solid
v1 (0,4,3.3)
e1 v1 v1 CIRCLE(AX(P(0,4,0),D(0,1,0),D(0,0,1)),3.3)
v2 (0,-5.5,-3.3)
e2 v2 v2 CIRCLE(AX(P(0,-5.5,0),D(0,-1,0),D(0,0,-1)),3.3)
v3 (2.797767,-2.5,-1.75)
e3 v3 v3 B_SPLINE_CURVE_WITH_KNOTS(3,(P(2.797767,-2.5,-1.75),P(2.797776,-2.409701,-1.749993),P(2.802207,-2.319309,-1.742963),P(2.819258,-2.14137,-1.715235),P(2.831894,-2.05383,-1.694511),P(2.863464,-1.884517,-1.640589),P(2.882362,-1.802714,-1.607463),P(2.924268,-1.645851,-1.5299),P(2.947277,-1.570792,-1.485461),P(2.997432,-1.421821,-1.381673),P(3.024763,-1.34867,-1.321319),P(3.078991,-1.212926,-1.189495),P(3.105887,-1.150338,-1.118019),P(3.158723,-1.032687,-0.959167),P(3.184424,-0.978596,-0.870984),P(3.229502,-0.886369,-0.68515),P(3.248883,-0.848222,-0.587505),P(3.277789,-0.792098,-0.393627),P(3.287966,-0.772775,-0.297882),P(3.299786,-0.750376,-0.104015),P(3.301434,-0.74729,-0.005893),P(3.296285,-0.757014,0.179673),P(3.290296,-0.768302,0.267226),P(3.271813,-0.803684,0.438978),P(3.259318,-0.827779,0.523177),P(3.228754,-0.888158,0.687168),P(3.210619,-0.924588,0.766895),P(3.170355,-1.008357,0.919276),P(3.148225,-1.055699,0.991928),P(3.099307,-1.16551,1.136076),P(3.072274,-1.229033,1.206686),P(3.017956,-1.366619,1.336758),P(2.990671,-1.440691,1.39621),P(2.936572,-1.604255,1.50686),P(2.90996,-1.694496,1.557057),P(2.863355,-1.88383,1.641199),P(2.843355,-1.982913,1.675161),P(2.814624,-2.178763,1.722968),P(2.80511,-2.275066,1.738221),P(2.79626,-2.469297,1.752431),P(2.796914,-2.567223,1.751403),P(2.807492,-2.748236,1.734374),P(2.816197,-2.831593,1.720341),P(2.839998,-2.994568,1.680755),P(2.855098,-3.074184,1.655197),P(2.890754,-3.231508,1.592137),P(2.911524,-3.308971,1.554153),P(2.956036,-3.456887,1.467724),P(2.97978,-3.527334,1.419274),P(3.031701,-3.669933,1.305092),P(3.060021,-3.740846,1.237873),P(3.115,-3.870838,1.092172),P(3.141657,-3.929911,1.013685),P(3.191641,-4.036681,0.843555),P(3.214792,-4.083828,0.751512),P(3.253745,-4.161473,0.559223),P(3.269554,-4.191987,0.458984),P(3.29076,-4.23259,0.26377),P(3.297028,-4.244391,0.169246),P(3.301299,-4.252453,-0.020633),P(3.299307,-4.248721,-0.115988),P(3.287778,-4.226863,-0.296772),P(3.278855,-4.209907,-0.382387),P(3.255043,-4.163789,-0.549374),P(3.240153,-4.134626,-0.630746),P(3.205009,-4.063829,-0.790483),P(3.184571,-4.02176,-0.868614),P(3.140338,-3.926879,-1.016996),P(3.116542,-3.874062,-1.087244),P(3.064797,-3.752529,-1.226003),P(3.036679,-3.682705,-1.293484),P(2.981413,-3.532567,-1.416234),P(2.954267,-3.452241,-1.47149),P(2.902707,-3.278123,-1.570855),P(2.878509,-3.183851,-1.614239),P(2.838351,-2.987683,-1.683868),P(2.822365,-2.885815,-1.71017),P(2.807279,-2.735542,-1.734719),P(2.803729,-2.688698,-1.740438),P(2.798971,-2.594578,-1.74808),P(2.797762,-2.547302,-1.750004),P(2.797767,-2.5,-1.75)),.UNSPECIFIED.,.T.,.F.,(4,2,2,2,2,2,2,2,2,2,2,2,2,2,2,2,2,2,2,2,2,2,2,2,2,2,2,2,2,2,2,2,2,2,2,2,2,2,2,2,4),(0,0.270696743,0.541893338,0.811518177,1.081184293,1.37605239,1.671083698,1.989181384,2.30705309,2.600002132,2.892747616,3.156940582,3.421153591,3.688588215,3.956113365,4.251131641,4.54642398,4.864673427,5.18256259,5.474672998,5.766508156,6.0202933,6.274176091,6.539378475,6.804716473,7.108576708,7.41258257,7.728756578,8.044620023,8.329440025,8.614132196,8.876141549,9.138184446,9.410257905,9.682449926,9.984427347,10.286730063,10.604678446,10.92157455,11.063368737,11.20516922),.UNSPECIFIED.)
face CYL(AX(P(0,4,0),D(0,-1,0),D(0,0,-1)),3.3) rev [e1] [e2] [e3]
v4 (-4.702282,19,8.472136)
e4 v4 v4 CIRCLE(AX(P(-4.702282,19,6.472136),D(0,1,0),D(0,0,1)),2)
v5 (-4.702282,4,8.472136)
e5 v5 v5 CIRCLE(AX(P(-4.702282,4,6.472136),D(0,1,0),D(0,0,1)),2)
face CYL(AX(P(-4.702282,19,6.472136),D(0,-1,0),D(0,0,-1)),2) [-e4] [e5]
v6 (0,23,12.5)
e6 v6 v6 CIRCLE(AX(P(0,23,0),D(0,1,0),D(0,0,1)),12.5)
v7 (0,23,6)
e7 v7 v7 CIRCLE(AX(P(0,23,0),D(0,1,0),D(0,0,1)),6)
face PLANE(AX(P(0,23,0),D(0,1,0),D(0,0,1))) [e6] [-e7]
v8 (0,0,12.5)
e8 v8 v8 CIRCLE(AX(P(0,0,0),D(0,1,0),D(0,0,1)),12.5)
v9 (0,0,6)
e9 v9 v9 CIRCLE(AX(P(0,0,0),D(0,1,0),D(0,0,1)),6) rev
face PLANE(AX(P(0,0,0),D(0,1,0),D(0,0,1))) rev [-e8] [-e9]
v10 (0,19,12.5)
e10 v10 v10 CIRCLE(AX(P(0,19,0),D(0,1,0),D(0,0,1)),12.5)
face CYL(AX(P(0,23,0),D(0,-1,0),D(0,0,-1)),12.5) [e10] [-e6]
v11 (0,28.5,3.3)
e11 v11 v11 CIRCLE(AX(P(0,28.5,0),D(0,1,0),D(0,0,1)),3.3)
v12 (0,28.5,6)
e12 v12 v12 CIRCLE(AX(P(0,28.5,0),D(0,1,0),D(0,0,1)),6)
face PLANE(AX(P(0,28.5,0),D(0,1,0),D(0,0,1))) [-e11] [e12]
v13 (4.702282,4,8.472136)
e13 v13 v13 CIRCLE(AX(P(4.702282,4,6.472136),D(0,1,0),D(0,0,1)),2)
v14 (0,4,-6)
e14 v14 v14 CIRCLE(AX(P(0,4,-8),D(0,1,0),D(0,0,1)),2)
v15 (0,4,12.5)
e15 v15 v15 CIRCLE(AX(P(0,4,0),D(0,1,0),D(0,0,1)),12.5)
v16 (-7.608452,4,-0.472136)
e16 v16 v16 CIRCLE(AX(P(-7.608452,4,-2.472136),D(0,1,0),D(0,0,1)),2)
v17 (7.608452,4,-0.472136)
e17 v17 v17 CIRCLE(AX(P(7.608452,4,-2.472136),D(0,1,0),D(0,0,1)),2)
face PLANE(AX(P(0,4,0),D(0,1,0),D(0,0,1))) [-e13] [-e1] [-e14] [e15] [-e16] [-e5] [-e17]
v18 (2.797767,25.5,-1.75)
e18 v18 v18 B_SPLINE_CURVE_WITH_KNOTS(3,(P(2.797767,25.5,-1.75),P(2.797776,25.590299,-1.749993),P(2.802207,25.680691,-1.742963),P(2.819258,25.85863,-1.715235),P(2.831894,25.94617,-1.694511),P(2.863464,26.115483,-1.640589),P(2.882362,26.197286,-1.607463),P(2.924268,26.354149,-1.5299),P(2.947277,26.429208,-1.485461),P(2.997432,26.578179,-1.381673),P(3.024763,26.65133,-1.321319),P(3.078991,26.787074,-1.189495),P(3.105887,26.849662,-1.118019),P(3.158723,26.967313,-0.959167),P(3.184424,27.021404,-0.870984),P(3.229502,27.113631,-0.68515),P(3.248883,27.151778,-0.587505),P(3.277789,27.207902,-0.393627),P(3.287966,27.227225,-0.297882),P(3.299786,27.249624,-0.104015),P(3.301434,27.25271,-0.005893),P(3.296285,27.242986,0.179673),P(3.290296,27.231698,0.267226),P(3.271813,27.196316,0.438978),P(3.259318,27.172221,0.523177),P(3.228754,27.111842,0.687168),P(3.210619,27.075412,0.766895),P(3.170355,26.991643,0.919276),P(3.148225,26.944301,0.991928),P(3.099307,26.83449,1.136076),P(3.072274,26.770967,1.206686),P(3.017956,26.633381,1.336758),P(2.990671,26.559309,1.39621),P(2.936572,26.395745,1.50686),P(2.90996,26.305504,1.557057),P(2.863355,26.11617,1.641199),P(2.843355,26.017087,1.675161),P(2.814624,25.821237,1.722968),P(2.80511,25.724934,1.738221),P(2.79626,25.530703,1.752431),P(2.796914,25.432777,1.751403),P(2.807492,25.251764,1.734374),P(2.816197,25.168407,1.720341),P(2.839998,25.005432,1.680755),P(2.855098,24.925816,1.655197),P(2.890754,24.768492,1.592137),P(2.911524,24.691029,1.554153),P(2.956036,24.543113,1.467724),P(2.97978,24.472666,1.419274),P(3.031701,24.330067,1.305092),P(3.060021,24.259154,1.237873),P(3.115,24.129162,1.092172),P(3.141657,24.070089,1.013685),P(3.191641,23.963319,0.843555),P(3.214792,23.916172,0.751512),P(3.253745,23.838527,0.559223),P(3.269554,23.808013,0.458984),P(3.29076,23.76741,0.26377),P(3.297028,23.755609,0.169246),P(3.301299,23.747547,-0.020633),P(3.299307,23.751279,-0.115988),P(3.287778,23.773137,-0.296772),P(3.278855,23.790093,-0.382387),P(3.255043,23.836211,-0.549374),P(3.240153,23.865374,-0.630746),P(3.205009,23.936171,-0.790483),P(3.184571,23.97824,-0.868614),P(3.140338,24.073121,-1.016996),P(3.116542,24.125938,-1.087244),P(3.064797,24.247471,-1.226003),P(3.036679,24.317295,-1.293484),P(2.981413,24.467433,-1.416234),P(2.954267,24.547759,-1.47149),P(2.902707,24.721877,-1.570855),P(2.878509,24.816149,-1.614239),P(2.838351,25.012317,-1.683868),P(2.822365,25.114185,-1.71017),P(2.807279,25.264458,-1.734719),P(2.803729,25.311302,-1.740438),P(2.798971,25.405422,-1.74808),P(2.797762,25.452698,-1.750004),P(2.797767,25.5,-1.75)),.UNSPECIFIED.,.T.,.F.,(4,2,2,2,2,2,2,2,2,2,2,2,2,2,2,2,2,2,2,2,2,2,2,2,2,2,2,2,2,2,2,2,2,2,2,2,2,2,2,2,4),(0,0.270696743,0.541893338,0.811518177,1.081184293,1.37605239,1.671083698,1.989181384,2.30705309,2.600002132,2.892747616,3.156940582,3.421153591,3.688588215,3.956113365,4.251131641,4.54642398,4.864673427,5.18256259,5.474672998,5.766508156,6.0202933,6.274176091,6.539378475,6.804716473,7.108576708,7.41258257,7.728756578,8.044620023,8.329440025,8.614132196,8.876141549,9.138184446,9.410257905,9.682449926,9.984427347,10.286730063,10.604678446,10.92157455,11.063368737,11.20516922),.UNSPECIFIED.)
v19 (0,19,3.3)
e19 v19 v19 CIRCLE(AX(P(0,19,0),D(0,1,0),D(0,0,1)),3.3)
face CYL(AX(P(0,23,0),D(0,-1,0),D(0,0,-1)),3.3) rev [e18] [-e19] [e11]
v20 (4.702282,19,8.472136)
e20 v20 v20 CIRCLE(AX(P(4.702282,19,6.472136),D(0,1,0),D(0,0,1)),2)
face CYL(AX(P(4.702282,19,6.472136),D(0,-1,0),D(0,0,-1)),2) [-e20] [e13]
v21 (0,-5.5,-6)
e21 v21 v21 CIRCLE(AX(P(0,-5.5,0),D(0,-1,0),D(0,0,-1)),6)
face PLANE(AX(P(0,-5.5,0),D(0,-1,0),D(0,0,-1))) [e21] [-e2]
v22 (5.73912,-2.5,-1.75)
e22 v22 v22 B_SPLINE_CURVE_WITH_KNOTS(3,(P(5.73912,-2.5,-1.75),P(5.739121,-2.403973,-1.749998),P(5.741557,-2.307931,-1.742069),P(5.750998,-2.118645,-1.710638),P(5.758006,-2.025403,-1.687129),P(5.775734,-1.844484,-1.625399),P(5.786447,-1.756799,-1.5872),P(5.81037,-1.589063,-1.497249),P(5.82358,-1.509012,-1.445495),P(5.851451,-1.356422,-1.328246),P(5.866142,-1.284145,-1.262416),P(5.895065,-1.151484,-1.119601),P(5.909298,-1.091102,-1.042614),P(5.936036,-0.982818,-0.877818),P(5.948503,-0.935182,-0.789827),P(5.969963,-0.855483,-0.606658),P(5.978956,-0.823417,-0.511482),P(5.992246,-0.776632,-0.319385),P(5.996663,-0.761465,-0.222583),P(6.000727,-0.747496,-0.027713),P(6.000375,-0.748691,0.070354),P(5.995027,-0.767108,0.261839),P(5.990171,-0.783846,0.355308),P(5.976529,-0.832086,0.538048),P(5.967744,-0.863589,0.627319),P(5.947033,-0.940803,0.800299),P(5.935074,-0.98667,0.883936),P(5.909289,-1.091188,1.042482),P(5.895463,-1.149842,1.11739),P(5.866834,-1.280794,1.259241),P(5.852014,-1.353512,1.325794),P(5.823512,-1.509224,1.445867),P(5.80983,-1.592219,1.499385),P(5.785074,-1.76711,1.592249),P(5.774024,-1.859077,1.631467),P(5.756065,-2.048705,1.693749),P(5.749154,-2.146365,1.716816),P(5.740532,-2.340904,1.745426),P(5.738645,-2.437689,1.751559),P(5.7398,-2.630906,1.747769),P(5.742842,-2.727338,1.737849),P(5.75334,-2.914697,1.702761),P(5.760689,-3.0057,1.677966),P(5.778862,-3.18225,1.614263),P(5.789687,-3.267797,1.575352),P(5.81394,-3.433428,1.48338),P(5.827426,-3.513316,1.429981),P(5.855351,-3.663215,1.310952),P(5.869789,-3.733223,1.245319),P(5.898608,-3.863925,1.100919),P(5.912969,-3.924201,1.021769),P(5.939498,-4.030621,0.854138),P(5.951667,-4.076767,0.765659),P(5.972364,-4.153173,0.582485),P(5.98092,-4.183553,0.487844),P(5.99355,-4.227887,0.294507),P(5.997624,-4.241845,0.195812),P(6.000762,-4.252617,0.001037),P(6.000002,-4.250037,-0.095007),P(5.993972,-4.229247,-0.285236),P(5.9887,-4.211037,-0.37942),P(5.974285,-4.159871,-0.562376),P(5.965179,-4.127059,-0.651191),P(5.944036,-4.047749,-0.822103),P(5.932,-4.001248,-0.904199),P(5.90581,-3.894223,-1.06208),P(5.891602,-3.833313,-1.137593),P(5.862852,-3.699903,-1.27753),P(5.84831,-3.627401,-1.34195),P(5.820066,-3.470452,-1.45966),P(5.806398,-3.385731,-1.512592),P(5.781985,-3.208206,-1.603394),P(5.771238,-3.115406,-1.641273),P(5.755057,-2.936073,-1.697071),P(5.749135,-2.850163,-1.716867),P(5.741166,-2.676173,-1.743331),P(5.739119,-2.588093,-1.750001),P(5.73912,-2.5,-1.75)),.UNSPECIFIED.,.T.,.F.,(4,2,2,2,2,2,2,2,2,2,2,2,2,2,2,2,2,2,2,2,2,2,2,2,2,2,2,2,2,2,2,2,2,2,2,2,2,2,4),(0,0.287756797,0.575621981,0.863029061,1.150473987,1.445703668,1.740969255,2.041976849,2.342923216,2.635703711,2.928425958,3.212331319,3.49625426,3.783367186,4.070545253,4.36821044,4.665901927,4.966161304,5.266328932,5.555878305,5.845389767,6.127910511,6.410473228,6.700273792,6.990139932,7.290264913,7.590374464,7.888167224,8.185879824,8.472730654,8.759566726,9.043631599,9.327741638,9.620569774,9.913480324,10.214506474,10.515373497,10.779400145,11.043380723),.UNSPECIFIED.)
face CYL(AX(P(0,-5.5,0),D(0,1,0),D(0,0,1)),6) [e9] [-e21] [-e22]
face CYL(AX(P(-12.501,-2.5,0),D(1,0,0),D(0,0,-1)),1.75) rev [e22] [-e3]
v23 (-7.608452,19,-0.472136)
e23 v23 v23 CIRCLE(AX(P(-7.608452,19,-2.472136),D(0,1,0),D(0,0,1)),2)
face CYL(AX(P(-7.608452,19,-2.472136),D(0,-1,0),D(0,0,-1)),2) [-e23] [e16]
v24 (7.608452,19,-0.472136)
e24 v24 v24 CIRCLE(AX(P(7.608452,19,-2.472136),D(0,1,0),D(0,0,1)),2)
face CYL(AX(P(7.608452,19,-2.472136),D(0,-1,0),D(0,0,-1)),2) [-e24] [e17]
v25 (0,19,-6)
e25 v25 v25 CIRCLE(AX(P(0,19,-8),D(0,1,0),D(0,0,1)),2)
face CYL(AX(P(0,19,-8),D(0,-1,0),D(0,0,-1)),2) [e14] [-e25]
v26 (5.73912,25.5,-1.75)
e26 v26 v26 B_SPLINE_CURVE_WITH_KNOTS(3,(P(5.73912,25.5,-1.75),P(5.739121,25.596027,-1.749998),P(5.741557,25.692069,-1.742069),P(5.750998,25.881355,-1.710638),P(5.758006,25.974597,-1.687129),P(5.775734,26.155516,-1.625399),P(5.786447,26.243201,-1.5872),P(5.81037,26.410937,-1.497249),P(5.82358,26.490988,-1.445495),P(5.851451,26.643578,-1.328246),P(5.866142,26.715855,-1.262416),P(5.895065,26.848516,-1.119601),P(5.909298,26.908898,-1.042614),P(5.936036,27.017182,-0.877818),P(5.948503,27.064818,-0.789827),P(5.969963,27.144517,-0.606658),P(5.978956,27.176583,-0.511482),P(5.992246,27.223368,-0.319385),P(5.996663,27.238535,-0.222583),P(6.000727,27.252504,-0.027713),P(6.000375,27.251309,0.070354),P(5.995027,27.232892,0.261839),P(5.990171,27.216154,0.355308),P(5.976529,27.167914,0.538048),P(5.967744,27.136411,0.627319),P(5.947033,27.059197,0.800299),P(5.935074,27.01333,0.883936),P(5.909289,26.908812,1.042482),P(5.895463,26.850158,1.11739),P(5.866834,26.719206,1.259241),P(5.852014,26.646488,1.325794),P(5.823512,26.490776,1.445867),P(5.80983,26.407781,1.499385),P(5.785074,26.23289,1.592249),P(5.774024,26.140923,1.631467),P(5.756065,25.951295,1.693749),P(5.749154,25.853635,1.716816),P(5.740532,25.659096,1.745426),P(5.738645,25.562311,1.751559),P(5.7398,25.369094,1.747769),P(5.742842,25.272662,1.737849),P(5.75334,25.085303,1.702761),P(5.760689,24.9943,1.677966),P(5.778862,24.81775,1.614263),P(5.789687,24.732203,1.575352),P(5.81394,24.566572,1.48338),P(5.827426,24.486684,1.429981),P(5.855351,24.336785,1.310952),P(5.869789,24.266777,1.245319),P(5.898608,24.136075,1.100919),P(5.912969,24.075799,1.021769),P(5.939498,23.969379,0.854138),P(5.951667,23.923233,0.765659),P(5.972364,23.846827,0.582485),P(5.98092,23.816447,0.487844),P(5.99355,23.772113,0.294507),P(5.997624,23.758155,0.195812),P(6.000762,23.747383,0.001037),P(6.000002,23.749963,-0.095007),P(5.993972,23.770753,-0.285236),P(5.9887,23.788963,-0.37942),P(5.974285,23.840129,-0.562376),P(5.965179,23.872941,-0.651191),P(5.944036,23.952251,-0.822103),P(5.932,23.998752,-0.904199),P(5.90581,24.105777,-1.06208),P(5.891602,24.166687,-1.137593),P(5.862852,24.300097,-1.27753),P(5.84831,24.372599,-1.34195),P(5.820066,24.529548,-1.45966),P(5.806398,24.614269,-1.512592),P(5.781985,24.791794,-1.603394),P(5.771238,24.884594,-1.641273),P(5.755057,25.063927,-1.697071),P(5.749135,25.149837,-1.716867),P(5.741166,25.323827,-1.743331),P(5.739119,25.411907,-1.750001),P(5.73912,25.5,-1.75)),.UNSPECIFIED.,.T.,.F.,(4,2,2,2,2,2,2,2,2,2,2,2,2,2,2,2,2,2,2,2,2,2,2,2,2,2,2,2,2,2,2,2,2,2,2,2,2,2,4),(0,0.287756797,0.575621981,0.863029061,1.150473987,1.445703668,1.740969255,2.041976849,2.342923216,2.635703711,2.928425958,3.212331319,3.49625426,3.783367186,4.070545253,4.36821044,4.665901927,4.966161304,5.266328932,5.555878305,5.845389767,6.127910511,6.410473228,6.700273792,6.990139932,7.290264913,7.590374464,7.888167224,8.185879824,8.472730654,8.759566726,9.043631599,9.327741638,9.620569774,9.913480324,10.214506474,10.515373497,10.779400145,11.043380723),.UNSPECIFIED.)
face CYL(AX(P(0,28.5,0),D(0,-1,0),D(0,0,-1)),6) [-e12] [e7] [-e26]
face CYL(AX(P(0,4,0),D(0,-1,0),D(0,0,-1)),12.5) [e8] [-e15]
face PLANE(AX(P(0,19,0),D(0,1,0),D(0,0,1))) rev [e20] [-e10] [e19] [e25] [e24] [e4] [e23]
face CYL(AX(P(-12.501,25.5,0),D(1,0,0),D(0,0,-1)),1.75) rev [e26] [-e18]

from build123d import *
from build123d.topology import SkipClean

# Parameters (mm, degrees)
SKETCH1_R               = 12.5
SKETCH1_R_2             = 3.3
BOSS_EXTRUDE1_DEPTH     = 4
BOSS_EXTRUDE7_START     = 5.5
SKETCH8_R               = 6
SKETCH8_R_2             = 3.3
BOSS_EXTRUDE7_DEPTH     = 5.5
SKETCH9_R               = 2
BOSS_EXTRUDE8_DEPTH     = 15
SKETCH10_R              = 12.5
SKETCH10_R_2            = 3.3
BOSS_EXTRUDE9_DEPTH     = 4
SKETCH11_R              = 6
SKETCH11_R_2            = 3.3
BOSS_EXTRUDE10_DEPTH    = 5.5
CUT_EXTRUDE3_REACH      = 38.204
CUT_EXTRUDE3_END_RADIUS = 3.3
SKETCH12_R              = 1.75
CUT_EXTRUDE4_REACH      = 38.204
CUT_EXTRUDE4_END_RADIUS = 3.3
SKETCH13_R              = 1.75


with BuildPart() as part:
    # Sketch1 → Boss-Extrude1 (new body)
    with BuildSketch(Plane(origin=(0, 0, 0), x_dir=(1, 0, 0), z_dir=(0, 1, 0))):
        with Locations(Location((0, 0, 0), (0, 0, 270))):
            Circle(SKETCH1_R)
        with Locations(Location((0, 0, 0), (0, 0, 270))):
            Circle(SKETCH1_R_2, mode=Mode.SUBTRACT)
    extrude(amount=BOSS_EXTRUDE1_DEPTH)

    # Sketch8 → Boss-Extrude7 (add)
    with SkipClean():  # the faces are left unmerged after this step: merging them gives an invalid solid
        with BuildSketch(Plane.XZ.offset(BOSS_EXTRUDE7_START)):
            with Locations(Location((0, 0, 0), (0, 0, 90))):
                Circle(SKETCH8_R)
            with Locations(Location((0, 0, 0), (0, 0, 270))):
                Circle(SKETCH8_R_2, mode=Mode.SUBTRACT)
        extrude(amount=-BOSS_EXTRUDE7_DEPTH)

    # Sketch9 → Boss-Extrude8 (add)
    with SkipClean():  # the faces are left unmerged after this step: merging them gives an invalid solid
        with BuildSketch(Plane(origin=(0, 4, 0), x_dir=(1, 0, 0), z_dir=(0, 1, 0))):
            with Locations(Location((0, 8, 0), (0, 0, 270))):
                Circle(SKETCH9_R)
            with Locations(Location((7.60845213, 2.472135955, 0), (0, 0, 270))):
                Circle(SKETCH9_R)
            with Locations(Location((4.702282018, -6.472135955, 0), (0, 0, 270))):
                Circle(SKETCH9_R)
            with Locations(Location((-4.702282018, -6.472135955, 0), (0, 0, 270))):
                Circle(SKETCH9_R)
            with Locations(Location((-7.60845213, 2.472135955, 0), (0, 0, 270))):
                Circle(SKETCH9_R)
        extrude(amount=BOSS_EXTRUDE8_DEPTH)

    # Sketch10 → Boss-Extrude9 (add)
    with SkipClean():  # the faces are left unmerged after this step: merging them gives an invalid solid
        with BuildSketch(Plane(origin=(0, 19, 0), x_dir=(1, 0, 0), z_dir=(0, 1, 0))):
            with Locations(Location((0, 0, 0), (0, 0, 270))):
                Circle(SKETCH10_R)
            with Locations(Location((0, 0, 0), (0, 0, 90))):
                Circle(SKETCH10_R_2, mode=Mode.SUBTRACT)
        extrude(amount=BOSS_EXTRUDE9_DEPTH)

    # Sketch11 → Boss-Extrude10 (add)
    with SkipClean():  # the faces are left unmerged after this step: merging them gives an invalid solid
        with BuildSketch(Plane(origin=(0, 23, 0), x_dir=(1, 0, 0), z_dir=(0, 1, 0))):
            with Locations(Location((0, 0, 0), (0, 0, 270))):
                Circle(SKETCH11_R)
            with Locations(Location((0, 0, 0), (0, 0, 90))):
                Circle(SKETCH11_R_2, mode=Mode.SUBTRACT)
        extrude(amount=BOSS_EXTRUDE10_DEPTH)

    # Cut-Extrude3: up to this cylinder (the profile starts outside it)
    with SkipClean():  # the faces are left unmerged after this step: merging them gives an invalid solid
        cut_extrude3_end = Plane(origin=(0, 25.5, 0), z_dir=(0, -1, 0)) * Cylinder(CUT_EXTRUDE3_END_RADIUS, 84.008, mode=Mode.PRIVATE)
        # Sketch12 → Cut-Extrude3 (cut, up to the surface)
        with BuildSketch(Plane(origin=(6, 0, 0), x_dir=(0, 0, -1), z_dir=(1, 0, 0)), mode=Mode.PRIVATE) as cut_extrude3_sk1:
            with Locations((0, 25.5)):
                Circle(SKETCH12_R)
        cut_extrude3_tool1 = extrude(cut_extrude3_sk1.sketch, amount=-CUT_EXTRUDE3_REACH, mode=Mode.PRIVATE) - cut_extrude3_end
        add(cut_extrude3_tool1.solids().sort_by_distance((6, 25.5, 0))[0], mode=Mode.SUBTRACT)

    # Cut-Extrude4: up to this cylinder (the profile starts outside it)
    with SkipClean():  # the faces are left unmerged after this step: merging them gives an invalid solid
        cut_extrude4_end = Plane(origin=(0, -2.5, 0), z_dir=(0, -1, 0)) * Cylinder(CUT_EXTRUDE4_END_RADIUS, 84.008, mode=Mode.PRIVATE)
        # Sketch13 → Cut-Extrude4 (cut, up to the surface)
        with BuildSketch(Plane(origin=(6, 0, 0), x_dir=(0, 0, -1), z_dir=(1, 0, 0)), mode=Mode.PRIVATE) as cut_extrude4_sk1:
            with Locations((0, -2.5)):
                Circle(SKETCH13_R)
        cut_extrude4_tool1 = extrude(cut_extrude4_sk1.sketch, amount=-CUT_EXTRUDE4_REACH, mode=Mode.PRIVATE) - cut_extrude4_end
        add(cut_extrude4_tool1.solids().sort_by_distance((6, -2.5, 0))[0], mode=Mode.SUBTRACT)


solid = part.part
